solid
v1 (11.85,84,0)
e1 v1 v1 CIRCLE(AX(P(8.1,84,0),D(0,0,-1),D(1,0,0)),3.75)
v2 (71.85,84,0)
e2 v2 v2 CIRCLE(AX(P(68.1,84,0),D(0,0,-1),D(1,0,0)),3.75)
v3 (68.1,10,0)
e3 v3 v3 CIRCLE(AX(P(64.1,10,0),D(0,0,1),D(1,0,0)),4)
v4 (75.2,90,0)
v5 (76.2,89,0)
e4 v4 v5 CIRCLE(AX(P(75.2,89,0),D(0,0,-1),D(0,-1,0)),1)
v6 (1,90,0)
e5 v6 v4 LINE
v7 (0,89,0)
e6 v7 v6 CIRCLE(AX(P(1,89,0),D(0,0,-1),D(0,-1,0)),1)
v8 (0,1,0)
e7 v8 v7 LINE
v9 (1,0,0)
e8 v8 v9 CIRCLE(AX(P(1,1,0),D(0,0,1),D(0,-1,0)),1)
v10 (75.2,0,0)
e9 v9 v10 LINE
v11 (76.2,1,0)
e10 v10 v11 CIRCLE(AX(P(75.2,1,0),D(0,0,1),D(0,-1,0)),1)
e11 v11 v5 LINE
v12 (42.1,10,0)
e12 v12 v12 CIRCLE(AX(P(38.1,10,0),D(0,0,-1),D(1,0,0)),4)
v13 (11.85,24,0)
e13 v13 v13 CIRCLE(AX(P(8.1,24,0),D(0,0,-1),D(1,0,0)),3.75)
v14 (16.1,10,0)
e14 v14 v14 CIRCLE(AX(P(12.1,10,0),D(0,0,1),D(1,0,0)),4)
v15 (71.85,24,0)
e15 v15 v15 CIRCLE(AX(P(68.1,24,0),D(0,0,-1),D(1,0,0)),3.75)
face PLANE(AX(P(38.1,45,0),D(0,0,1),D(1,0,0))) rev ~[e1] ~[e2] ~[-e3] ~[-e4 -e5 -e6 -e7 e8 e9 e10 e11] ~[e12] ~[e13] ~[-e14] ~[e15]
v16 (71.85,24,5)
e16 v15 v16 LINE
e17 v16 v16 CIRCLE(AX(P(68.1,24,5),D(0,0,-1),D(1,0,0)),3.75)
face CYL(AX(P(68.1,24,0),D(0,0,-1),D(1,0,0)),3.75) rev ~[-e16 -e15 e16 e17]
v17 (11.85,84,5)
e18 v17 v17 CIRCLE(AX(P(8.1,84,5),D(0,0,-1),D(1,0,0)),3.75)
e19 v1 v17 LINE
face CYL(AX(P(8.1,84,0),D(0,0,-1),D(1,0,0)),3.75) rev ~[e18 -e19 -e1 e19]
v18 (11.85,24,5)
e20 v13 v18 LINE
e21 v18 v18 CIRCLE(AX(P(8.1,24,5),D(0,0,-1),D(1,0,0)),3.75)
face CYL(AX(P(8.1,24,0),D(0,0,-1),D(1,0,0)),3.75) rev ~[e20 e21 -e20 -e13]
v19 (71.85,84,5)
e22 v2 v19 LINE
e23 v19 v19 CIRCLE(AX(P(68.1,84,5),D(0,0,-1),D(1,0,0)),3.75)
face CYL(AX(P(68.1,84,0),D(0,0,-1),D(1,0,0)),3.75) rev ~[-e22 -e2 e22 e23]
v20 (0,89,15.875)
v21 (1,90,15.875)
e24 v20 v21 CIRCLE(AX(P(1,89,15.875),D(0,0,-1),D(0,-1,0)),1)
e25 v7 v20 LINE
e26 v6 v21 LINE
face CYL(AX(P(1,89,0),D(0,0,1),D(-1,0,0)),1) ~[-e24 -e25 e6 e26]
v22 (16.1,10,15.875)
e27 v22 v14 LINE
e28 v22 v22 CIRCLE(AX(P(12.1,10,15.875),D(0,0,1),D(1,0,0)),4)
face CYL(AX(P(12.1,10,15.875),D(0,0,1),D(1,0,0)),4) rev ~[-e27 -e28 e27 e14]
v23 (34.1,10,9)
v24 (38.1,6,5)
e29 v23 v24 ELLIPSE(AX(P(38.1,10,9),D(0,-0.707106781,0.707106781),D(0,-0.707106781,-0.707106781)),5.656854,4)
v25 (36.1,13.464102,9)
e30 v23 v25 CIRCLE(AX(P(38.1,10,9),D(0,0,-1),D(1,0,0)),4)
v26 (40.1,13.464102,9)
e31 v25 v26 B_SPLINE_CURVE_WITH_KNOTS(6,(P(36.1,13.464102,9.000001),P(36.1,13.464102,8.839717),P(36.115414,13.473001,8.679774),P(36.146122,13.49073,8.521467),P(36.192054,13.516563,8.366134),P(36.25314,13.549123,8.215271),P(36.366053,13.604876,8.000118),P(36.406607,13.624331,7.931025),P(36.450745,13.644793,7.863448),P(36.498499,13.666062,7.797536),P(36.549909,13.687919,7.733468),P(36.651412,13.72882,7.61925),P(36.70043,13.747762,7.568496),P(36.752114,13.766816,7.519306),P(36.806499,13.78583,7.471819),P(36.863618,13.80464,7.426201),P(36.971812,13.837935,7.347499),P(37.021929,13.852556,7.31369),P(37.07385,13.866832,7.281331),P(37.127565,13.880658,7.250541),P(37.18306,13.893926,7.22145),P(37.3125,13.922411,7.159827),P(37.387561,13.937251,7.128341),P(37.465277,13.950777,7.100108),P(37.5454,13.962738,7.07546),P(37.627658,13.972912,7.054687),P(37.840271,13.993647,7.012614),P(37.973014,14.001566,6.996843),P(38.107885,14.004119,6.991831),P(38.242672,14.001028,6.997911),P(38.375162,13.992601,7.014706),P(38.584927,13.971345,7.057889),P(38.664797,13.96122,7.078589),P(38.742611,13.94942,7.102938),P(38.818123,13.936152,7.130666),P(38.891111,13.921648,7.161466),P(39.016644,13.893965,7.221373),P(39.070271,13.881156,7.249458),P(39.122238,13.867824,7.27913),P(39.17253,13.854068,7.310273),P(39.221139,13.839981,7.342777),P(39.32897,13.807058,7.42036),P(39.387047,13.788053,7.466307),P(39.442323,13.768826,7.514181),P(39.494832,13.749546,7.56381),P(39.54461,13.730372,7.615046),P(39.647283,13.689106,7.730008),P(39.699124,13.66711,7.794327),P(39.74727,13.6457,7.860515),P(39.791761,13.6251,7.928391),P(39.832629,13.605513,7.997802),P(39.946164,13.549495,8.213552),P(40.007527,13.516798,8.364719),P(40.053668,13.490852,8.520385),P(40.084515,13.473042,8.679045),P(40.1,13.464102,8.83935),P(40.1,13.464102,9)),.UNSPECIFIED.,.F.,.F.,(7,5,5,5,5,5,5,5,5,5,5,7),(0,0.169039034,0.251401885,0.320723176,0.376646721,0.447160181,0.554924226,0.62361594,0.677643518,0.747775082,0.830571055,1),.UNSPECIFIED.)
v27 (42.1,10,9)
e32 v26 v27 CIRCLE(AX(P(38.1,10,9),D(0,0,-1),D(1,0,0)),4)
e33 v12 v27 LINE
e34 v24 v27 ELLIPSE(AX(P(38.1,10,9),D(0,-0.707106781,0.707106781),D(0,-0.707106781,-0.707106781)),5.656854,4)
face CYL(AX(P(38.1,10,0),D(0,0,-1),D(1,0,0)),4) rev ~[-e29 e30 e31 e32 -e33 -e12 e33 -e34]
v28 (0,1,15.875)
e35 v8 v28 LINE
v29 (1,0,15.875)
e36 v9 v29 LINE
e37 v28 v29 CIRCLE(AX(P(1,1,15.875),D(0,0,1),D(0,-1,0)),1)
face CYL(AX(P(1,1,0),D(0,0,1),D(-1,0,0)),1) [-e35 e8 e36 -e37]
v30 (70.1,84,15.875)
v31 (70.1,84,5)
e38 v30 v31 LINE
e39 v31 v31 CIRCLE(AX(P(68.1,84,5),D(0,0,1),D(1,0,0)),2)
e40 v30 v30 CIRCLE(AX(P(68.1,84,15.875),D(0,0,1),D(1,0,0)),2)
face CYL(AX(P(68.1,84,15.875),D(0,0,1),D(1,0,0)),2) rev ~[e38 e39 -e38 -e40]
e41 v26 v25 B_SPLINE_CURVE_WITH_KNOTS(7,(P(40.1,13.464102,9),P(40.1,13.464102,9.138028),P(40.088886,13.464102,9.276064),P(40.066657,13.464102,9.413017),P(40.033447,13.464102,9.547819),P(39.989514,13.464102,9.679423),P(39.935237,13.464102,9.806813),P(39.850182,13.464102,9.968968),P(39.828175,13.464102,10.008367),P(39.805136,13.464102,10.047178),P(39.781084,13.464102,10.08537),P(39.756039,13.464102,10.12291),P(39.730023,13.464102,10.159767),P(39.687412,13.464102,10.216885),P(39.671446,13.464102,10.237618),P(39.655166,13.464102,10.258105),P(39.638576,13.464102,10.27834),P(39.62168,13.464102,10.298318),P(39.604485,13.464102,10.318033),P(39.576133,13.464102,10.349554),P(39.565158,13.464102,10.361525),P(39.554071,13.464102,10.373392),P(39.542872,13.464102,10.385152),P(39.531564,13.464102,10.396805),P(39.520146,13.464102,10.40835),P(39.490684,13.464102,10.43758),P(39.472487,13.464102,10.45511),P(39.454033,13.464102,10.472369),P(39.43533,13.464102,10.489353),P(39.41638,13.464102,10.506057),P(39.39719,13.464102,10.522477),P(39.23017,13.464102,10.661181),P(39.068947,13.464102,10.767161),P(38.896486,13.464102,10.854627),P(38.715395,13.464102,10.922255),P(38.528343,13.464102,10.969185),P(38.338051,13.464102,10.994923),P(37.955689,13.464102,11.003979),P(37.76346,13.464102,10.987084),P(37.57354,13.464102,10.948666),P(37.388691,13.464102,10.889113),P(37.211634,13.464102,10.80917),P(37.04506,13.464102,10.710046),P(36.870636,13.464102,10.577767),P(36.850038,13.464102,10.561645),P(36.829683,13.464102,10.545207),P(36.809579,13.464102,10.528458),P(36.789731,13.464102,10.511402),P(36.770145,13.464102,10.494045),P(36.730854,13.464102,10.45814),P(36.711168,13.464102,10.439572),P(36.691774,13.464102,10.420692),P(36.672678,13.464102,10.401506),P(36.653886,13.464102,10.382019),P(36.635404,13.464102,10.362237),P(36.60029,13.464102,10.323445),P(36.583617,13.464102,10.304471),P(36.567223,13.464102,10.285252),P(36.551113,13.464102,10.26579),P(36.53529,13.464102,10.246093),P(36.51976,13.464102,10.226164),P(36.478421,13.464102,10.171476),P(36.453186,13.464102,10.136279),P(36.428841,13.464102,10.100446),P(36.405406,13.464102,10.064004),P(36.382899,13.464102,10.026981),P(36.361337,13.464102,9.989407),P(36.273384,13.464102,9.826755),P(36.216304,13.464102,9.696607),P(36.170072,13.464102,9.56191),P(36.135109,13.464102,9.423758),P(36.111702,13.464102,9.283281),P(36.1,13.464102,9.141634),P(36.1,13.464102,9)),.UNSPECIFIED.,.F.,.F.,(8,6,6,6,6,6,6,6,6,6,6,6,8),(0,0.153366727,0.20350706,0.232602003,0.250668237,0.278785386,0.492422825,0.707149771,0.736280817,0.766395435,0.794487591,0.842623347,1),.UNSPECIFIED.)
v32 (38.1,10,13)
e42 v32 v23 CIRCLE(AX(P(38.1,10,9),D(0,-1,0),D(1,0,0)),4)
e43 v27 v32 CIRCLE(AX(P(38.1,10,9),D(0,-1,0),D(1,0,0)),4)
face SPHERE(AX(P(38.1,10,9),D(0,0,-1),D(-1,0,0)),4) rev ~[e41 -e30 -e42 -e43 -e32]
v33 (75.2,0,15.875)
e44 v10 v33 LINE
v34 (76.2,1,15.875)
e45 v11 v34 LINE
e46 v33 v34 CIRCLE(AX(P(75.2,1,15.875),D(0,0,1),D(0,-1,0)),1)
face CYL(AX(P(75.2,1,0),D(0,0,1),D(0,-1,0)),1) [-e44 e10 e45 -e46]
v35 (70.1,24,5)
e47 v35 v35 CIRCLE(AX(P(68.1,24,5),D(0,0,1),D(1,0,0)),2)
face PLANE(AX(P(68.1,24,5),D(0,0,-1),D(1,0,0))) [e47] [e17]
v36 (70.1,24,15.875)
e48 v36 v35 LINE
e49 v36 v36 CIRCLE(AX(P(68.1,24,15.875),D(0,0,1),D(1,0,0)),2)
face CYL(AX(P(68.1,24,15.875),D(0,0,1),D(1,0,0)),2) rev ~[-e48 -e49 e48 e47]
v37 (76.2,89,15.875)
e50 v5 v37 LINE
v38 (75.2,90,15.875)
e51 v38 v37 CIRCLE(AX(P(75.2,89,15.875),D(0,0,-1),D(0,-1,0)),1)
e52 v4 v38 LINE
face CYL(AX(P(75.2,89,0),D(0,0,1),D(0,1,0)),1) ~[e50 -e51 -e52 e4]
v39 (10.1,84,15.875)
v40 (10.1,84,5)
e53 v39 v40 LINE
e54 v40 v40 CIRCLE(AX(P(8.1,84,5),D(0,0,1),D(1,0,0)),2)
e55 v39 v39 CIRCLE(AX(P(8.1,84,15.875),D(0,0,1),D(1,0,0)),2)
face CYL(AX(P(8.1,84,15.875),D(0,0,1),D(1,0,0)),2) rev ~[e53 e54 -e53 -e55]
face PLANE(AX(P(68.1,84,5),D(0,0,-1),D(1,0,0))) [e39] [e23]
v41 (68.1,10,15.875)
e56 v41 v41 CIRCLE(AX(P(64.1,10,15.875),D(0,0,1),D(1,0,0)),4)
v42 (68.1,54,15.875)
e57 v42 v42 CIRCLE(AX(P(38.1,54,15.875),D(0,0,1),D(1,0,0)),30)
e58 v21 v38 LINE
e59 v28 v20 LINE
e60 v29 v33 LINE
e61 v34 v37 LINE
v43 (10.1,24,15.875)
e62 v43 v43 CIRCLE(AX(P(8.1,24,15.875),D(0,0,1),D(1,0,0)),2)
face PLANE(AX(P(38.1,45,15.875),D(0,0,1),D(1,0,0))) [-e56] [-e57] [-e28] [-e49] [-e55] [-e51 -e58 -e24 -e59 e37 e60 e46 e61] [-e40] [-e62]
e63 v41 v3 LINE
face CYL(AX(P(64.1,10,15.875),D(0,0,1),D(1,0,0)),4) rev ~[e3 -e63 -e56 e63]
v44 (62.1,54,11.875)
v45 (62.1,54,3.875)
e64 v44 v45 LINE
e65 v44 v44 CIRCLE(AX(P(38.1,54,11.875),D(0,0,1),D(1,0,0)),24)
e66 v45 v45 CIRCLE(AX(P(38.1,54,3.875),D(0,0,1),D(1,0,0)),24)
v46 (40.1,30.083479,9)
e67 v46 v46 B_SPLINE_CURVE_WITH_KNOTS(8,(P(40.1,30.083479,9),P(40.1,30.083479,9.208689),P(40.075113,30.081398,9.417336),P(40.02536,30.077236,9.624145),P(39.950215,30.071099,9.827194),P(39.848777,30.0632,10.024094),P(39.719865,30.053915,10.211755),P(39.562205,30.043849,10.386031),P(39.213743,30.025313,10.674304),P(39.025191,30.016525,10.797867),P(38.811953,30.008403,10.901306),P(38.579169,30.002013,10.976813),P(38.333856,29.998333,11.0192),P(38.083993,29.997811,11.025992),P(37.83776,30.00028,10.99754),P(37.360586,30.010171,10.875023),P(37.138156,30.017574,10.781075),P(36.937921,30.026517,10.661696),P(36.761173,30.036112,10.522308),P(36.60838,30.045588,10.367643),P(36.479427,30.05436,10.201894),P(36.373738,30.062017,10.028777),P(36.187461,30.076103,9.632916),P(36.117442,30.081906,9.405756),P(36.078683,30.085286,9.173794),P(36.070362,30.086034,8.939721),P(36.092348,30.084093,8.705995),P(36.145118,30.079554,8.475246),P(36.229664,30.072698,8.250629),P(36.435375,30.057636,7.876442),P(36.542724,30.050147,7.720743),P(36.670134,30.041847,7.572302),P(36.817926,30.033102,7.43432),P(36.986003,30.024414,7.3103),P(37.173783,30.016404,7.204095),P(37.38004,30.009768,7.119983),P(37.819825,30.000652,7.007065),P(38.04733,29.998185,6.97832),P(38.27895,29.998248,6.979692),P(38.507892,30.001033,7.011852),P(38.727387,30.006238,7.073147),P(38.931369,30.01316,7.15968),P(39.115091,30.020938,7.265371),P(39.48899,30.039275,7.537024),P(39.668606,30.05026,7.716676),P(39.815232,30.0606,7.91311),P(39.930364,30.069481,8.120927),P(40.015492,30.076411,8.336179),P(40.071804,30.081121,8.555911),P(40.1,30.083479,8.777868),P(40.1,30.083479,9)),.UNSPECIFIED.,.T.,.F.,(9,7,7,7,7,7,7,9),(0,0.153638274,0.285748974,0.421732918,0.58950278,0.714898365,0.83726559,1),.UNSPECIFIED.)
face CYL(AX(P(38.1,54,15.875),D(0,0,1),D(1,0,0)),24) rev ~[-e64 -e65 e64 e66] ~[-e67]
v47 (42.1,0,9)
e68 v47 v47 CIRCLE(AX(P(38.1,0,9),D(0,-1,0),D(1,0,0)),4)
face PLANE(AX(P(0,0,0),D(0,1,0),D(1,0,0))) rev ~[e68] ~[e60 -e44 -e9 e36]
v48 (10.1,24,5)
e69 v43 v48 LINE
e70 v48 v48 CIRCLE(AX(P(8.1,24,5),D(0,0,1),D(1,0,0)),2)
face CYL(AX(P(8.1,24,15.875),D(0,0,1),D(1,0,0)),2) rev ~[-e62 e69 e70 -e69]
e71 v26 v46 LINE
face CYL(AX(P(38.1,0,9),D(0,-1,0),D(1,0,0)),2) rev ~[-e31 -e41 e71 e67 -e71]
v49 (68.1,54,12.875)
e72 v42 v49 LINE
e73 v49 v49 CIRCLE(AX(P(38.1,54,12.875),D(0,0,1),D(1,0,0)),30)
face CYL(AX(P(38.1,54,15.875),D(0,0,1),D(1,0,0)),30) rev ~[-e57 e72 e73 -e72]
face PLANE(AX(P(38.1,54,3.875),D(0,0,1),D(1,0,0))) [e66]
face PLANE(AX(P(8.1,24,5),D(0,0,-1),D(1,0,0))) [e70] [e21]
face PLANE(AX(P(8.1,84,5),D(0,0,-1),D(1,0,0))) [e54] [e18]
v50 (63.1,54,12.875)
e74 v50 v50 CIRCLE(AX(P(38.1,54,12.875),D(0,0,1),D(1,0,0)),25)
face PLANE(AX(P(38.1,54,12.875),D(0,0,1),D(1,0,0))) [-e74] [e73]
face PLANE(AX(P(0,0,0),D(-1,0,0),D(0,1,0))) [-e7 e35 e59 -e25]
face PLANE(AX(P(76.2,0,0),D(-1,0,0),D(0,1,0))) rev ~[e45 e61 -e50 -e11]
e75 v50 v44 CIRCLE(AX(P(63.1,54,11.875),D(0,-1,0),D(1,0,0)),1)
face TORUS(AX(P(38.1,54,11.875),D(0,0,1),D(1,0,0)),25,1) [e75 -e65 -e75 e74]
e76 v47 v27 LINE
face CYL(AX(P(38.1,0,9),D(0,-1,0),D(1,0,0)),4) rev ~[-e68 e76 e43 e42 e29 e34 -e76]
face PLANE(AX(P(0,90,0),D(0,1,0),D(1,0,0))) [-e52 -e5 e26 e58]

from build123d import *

# Parameters (mm, degrees)
F0_W      = 76.2
F0_H      = 90
F1_DEPTH  = 15.875
F2_R      = 24
F3_DEPTH  = 12
F4_R      = 30
F4_R_2    = 24
F5_DEPTH  = 3
F6_R      = 4
F7_DEPTH  = 10
F8_R      = 4
F9_DEPTH  = 9
F12_R     = 2
F13_DEPTH = 50
F14_R     = 1
F15_R     = 2
F15_R_2   = 4
F16_DEPTH = 16
F17_R     = 3.75
F18_DEPTH = 5


with BuildPart() as f1:
    # F0 (on Top) → F1 (new body)
    with BuildSketch(Plane.XY):
        with Locations((38.1, 45)):
            Rectangle(F0_W, F0_H)
    extrude(amount=F1_DEPTH)

    # F2 (on face) → F3 (cut)
    with BuildSketch(Plane.XY.offset(15.875)):
        with Locations((38.1, 54)):
            Circle(F2_R)
    extrude(amount=-F3_DEPTH, mode=Mode.SUBTRACT)

    # F4 (on face) → F5 (cut)
    with BuildSketch(Plane.XY.offset(15.875)):
        with Locations((38.1, 54)):
            Circle(F4_R)
        with Locations((38.1, 54)):
            Circle(F4_R_2, mode=Mode.SUBTRACT)
    extrude(amount=-F5_DEPTH, mode=Mode.SUBTRACT)

    # F6 (on face) → F7 (cut)
    with BuildSketch(Plane.XZ):
        with Locations((38.1, 9)):
            Circle(F6_R)
    extrude(amount=-F7_DEPTH, mode=Mode.SUBTRACT)

    # F8 (on face) → F9 (cut)
    with BuildSketch(Plane(origin=(0, 0, 0), x_dir=(1, 0, 0), z_dir=(0, 0, -1))):
        with Locations((38.1, -10)):
            Circle(F8_R)
    extrude(amount=-F9_DEPTH, mode=Mode.SUBTRACT)

    # F10 (on face) → F11 (revolve, cut)
    with BuildSketch(Plane.XZ.offset(-10)):
        with BuildLine():
            Line((38.1, 9), (38.1, 13))
            ThreePointArc((38.1, 13), (35.2715728753, 11.8284271247), (34.1, 9))
            Line((34.1, 9), (38.1, 9))
        make_face()
    revolve(axis=Axis((38.1, 10, 9), (0, 0, -1)), mode=Mode.SUBTRACT)

    # F12 (on face) → F13 (cut)
    with BuildSketch(Plane.XZ):
        with Locations((38.1, 9)):
            Circle(F12_R)
    extrude(amount=-F13_DEPTH, mode=Mode.SUBTRACT)

    # F14
    f14_edges = [f1.edges().sort_by_distance(p)[0] for p in [
        (14.1, 54, 12.875),
        (0, 90, 7.9375),
        (0, 0, 7.9375),
        (76.2, 90, 7.9375),
        (76.2, 0, 7.9375),
    ]]
    fillet(f14_edges, radius=F14_R)

    # F15 (on face) → F16 (cut)
    with BuildSketch(Plane.XY.offset(15.875)):
        with Locations((8.1, 84)):
            Circle(F15_R)
        with Locations((68.1, 84)):
            Circle(F15_R)
        with Locations((8.1, 24)):
            Circle(F15_R)
        with Locations((68.1, 24)):
            Circle(F15_R)
        with Locations((12.1, 10)):
            Circle(F15_R_2)
        with Locations((64.1, 10)):
            Circle(F15_R_2)
    extrude(amount=-F16_DEPTH, mode=Mode.SUBTRACT)

    # F17 (on face) → F18 (cut)
    with BuildSketch(Plane(origin=(0, 0, 0), x_dir=(1, 0, 0), z_dir=(0, 0, -1))):
        with Locations((8.1, -24)):
            Circle(F17_R)
        with Locations((68.1, -24)):
            Circle(F17_R)
        with Locations((8.1, -84)):
            Circle(F17_R)
        with Locations((68.1, -84)):
            Circle(F17_R)
    extrude(amount=-F18_DEPTH, mode=Mode.SUBTRACT)


solid = f1.part
